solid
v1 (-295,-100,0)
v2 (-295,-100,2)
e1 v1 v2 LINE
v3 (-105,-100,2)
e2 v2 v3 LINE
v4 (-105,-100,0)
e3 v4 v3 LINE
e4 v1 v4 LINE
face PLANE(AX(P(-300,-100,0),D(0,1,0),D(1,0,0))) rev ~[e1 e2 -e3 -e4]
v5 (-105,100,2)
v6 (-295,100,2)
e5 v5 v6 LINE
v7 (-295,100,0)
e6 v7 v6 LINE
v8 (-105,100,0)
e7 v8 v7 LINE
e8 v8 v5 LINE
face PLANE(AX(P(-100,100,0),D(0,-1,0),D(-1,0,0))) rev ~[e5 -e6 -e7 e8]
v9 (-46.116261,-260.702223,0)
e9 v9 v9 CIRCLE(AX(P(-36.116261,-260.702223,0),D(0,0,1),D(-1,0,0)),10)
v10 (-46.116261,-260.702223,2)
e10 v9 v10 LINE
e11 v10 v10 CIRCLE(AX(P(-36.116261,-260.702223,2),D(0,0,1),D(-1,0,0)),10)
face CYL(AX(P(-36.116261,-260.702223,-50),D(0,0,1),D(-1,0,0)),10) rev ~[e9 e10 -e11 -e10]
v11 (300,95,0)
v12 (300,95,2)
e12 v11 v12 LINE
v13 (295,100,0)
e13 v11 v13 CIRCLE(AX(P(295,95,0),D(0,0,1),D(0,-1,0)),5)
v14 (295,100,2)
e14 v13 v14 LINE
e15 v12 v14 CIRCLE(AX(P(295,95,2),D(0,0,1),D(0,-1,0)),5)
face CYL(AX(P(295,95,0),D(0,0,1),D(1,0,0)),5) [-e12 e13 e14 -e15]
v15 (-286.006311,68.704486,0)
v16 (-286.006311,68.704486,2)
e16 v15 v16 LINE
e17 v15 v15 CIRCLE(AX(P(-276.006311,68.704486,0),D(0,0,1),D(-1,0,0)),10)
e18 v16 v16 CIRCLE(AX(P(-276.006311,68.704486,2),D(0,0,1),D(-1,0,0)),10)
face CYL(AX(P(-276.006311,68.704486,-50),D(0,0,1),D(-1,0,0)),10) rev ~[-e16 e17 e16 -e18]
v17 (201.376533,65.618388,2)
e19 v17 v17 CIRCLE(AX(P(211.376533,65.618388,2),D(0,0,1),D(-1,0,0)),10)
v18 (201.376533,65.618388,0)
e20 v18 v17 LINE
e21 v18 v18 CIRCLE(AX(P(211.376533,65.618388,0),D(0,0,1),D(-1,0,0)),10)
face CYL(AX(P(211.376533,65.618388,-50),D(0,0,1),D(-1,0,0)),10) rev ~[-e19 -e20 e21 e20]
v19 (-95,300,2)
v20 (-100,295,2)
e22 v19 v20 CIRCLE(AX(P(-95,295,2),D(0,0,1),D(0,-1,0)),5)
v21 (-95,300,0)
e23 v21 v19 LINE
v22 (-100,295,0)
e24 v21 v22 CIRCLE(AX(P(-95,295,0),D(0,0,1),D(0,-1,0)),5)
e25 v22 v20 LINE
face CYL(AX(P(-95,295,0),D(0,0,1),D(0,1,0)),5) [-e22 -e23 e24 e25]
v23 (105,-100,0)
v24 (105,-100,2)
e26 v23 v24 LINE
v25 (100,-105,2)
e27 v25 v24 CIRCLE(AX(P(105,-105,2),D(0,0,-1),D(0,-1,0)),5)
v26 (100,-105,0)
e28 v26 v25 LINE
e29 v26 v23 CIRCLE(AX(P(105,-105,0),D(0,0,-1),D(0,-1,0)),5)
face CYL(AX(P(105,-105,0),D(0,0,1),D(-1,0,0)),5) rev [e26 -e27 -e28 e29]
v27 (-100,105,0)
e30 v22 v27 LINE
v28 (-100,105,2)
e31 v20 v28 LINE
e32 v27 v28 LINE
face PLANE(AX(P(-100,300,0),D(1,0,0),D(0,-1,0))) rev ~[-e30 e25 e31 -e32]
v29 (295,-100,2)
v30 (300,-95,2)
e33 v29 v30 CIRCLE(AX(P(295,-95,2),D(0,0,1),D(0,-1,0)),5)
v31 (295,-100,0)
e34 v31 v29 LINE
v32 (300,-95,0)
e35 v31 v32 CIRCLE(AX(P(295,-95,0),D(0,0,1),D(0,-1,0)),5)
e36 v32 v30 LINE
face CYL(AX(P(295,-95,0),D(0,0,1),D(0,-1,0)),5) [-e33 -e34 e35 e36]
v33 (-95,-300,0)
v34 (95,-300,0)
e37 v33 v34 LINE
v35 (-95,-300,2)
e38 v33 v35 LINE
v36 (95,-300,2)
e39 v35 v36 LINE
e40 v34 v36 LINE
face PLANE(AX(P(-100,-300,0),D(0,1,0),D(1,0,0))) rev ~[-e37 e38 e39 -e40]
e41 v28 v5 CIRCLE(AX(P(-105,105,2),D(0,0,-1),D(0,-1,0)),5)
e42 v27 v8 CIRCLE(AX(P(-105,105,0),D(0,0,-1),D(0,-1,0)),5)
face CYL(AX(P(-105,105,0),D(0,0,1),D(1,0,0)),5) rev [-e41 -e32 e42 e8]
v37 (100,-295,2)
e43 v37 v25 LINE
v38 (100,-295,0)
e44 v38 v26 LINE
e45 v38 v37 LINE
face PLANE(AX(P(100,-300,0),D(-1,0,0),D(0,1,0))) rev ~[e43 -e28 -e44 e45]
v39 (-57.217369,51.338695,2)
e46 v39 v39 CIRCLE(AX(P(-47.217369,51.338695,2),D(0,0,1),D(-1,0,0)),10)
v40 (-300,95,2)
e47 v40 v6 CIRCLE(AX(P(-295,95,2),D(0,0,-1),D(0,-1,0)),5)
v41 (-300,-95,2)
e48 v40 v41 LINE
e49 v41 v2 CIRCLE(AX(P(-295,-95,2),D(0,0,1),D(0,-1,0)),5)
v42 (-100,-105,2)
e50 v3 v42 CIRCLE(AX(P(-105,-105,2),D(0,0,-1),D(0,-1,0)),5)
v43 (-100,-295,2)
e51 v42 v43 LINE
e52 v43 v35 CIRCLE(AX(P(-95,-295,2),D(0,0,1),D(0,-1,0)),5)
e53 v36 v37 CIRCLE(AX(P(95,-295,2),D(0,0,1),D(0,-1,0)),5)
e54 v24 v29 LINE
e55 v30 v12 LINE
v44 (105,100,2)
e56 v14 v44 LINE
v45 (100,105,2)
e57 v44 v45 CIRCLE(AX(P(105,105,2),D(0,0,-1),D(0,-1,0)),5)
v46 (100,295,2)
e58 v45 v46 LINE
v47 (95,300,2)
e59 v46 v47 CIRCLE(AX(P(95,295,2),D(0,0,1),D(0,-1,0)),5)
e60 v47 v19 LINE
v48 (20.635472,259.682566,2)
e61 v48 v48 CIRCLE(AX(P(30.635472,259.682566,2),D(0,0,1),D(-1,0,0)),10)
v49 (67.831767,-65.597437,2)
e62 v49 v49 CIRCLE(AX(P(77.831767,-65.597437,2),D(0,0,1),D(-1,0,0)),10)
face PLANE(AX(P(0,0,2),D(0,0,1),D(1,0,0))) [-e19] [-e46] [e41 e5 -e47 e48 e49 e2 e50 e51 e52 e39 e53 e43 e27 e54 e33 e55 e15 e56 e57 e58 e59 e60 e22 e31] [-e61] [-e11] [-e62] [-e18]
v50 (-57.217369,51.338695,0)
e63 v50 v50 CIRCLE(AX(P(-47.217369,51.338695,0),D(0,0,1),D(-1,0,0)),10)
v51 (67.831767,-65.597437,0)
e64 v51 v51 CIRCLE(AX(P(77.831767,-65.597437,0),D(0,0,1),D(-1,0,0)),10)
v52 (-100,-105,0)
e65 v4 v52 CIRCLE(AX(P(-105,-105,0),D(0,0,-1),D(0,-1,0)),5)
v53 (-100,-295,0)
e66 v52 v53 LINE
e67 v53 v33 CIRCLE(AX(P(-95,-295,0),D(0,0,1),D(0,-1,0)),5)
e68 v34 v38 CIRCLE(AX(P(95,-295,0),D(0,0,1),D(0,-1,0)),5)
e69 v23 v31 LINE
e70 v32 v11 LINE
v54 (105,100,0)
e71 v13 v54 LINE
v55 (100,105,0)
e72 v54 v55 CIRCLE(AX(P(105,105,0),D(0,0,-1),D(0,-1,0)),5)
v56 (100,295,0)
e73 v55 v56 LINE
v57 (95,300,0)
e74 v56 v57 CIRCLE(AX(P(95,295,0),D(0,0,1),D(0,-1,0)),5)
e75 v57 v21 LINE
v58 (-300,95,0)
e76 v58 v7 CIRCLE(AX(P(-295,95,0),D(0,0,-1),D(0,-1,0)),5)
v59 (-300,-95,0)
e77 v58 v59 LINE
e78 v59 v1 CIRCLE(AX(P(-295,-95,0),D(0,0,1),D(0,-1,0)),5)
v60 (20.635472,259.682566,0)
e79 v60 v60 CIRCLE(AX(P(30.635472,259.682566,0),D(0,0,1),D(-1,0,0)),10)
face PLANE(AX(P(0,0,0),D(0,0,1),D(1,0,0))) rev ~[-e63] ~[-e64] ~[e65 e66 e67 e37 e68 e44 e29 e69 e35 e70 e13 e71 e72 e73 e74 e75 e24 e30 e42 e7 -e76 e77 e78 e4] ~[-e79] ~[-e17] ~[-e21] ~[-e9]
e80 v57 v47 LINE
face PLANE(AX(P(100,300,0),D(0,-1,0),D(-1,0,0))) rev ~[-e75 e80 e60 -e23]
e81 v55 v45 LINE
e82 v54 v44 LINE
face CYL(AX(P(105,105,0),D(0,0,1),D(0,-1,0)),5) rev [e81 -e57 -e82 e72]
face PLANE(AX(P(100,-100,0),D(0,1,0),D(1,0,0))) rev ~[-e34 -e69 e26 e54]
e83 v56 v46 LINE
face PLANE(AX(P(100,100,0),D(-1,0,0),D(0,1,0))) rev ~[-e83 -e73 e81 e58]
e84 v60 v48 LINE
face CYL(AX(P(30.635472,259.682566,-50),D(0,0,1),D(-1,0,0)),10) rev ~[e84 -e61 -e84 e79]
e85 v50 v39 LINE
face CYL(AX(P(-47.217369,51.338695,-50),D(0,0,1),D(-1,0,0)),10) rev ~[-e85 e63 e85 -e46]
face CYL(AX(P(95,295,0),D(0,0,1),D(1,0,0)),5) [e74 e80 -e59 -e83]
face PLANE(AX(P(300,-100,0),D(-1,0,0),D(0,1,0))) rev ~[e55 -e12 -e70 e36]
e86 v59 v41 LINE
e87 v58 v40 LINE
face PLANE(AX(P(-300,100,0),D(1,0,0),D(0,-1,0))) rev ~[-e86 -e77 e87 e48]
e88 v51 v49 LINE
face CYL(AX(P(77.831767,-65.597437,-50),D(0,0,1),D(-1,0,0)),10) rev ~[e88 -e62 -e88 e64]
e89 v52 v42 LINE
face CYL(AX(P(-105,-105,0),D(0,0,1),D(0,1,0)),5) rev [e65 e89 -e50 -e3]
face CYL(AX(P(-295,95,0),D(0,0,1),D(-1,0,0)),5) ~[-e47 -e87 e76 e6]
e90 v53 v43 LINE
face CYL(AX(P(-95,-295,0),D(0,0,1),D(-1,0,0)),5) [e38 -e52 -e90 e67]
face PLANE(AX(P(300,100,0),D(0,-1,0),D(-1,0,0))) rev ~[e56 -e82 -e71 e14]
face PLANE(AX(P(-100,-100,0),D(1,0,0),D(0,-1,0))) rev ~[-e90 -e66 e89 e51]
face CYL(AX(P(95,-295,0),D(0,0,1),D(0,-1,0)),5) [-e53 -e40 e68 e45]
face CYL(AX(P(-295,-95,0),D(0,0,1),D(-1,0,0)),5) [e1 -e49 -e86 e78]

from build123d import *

# Parameters (mm, degrees)
F1_DEPTH = 2
F2_R     = 5
F4_D     = 20
F4_DEPTH = 50
F4_TIP   = 6.0086061903


with BuildPart() as f1:
    # F0 (on Top) → F1 (new body)
    with BuildSketch(Plane.XY):
        Polygon((-300, 100), (-300, -100), (-100, -100), (-100, -300), (100, -300), (100, -100), (300, -100), (300, 100), (100, 100), (100, 300), (-100, 300), (-100, 100), align=None)
    extrude(amount=F1_DEPTH)

    # F2
    f2_edges = [f1.edges().sort_by_distance(p)[0] for p in [
        (-300, -100, 1),
        (-100, -100, 1),
        (-100, -300, 1),
        (100, -300, 1),
        (-300, 100, 1),
        (-100, 300, 1),
        (100, 300, 1),
        (100, 100, 1),
        (300, 100, 1),
        (300, -100, 1),
        (-100, 100, 1),
        (100, -100, 1),
    ]]
    fillet(f2_edges, radius=F2_R)

    # F4
    with Locations(Plane(origin=(0, 0, 0), x_dir=(1, 0, 0), z_dir=(0, 0, -1))):
        with Locations((-276.0063111782, -68.7044858932), (-47.2173690796, -51.3386949897), (77.8317674994, 65.5974373221), (-36.1162610352, 260.7022225857), (211.3765329123, -65.6183883548), (30.6354723871, -259.6825659275)):
            Hole(F4_D / 2, depth=F4_DEPTH)
            with Locations((0, 0, -(F4_DEPTH + F4_TIP / 2))):  # 118° drill point
                Cone(0, F4_D / 2, F4_TIP, mode=Mode.SUBTRACT)


solid = f1.part
